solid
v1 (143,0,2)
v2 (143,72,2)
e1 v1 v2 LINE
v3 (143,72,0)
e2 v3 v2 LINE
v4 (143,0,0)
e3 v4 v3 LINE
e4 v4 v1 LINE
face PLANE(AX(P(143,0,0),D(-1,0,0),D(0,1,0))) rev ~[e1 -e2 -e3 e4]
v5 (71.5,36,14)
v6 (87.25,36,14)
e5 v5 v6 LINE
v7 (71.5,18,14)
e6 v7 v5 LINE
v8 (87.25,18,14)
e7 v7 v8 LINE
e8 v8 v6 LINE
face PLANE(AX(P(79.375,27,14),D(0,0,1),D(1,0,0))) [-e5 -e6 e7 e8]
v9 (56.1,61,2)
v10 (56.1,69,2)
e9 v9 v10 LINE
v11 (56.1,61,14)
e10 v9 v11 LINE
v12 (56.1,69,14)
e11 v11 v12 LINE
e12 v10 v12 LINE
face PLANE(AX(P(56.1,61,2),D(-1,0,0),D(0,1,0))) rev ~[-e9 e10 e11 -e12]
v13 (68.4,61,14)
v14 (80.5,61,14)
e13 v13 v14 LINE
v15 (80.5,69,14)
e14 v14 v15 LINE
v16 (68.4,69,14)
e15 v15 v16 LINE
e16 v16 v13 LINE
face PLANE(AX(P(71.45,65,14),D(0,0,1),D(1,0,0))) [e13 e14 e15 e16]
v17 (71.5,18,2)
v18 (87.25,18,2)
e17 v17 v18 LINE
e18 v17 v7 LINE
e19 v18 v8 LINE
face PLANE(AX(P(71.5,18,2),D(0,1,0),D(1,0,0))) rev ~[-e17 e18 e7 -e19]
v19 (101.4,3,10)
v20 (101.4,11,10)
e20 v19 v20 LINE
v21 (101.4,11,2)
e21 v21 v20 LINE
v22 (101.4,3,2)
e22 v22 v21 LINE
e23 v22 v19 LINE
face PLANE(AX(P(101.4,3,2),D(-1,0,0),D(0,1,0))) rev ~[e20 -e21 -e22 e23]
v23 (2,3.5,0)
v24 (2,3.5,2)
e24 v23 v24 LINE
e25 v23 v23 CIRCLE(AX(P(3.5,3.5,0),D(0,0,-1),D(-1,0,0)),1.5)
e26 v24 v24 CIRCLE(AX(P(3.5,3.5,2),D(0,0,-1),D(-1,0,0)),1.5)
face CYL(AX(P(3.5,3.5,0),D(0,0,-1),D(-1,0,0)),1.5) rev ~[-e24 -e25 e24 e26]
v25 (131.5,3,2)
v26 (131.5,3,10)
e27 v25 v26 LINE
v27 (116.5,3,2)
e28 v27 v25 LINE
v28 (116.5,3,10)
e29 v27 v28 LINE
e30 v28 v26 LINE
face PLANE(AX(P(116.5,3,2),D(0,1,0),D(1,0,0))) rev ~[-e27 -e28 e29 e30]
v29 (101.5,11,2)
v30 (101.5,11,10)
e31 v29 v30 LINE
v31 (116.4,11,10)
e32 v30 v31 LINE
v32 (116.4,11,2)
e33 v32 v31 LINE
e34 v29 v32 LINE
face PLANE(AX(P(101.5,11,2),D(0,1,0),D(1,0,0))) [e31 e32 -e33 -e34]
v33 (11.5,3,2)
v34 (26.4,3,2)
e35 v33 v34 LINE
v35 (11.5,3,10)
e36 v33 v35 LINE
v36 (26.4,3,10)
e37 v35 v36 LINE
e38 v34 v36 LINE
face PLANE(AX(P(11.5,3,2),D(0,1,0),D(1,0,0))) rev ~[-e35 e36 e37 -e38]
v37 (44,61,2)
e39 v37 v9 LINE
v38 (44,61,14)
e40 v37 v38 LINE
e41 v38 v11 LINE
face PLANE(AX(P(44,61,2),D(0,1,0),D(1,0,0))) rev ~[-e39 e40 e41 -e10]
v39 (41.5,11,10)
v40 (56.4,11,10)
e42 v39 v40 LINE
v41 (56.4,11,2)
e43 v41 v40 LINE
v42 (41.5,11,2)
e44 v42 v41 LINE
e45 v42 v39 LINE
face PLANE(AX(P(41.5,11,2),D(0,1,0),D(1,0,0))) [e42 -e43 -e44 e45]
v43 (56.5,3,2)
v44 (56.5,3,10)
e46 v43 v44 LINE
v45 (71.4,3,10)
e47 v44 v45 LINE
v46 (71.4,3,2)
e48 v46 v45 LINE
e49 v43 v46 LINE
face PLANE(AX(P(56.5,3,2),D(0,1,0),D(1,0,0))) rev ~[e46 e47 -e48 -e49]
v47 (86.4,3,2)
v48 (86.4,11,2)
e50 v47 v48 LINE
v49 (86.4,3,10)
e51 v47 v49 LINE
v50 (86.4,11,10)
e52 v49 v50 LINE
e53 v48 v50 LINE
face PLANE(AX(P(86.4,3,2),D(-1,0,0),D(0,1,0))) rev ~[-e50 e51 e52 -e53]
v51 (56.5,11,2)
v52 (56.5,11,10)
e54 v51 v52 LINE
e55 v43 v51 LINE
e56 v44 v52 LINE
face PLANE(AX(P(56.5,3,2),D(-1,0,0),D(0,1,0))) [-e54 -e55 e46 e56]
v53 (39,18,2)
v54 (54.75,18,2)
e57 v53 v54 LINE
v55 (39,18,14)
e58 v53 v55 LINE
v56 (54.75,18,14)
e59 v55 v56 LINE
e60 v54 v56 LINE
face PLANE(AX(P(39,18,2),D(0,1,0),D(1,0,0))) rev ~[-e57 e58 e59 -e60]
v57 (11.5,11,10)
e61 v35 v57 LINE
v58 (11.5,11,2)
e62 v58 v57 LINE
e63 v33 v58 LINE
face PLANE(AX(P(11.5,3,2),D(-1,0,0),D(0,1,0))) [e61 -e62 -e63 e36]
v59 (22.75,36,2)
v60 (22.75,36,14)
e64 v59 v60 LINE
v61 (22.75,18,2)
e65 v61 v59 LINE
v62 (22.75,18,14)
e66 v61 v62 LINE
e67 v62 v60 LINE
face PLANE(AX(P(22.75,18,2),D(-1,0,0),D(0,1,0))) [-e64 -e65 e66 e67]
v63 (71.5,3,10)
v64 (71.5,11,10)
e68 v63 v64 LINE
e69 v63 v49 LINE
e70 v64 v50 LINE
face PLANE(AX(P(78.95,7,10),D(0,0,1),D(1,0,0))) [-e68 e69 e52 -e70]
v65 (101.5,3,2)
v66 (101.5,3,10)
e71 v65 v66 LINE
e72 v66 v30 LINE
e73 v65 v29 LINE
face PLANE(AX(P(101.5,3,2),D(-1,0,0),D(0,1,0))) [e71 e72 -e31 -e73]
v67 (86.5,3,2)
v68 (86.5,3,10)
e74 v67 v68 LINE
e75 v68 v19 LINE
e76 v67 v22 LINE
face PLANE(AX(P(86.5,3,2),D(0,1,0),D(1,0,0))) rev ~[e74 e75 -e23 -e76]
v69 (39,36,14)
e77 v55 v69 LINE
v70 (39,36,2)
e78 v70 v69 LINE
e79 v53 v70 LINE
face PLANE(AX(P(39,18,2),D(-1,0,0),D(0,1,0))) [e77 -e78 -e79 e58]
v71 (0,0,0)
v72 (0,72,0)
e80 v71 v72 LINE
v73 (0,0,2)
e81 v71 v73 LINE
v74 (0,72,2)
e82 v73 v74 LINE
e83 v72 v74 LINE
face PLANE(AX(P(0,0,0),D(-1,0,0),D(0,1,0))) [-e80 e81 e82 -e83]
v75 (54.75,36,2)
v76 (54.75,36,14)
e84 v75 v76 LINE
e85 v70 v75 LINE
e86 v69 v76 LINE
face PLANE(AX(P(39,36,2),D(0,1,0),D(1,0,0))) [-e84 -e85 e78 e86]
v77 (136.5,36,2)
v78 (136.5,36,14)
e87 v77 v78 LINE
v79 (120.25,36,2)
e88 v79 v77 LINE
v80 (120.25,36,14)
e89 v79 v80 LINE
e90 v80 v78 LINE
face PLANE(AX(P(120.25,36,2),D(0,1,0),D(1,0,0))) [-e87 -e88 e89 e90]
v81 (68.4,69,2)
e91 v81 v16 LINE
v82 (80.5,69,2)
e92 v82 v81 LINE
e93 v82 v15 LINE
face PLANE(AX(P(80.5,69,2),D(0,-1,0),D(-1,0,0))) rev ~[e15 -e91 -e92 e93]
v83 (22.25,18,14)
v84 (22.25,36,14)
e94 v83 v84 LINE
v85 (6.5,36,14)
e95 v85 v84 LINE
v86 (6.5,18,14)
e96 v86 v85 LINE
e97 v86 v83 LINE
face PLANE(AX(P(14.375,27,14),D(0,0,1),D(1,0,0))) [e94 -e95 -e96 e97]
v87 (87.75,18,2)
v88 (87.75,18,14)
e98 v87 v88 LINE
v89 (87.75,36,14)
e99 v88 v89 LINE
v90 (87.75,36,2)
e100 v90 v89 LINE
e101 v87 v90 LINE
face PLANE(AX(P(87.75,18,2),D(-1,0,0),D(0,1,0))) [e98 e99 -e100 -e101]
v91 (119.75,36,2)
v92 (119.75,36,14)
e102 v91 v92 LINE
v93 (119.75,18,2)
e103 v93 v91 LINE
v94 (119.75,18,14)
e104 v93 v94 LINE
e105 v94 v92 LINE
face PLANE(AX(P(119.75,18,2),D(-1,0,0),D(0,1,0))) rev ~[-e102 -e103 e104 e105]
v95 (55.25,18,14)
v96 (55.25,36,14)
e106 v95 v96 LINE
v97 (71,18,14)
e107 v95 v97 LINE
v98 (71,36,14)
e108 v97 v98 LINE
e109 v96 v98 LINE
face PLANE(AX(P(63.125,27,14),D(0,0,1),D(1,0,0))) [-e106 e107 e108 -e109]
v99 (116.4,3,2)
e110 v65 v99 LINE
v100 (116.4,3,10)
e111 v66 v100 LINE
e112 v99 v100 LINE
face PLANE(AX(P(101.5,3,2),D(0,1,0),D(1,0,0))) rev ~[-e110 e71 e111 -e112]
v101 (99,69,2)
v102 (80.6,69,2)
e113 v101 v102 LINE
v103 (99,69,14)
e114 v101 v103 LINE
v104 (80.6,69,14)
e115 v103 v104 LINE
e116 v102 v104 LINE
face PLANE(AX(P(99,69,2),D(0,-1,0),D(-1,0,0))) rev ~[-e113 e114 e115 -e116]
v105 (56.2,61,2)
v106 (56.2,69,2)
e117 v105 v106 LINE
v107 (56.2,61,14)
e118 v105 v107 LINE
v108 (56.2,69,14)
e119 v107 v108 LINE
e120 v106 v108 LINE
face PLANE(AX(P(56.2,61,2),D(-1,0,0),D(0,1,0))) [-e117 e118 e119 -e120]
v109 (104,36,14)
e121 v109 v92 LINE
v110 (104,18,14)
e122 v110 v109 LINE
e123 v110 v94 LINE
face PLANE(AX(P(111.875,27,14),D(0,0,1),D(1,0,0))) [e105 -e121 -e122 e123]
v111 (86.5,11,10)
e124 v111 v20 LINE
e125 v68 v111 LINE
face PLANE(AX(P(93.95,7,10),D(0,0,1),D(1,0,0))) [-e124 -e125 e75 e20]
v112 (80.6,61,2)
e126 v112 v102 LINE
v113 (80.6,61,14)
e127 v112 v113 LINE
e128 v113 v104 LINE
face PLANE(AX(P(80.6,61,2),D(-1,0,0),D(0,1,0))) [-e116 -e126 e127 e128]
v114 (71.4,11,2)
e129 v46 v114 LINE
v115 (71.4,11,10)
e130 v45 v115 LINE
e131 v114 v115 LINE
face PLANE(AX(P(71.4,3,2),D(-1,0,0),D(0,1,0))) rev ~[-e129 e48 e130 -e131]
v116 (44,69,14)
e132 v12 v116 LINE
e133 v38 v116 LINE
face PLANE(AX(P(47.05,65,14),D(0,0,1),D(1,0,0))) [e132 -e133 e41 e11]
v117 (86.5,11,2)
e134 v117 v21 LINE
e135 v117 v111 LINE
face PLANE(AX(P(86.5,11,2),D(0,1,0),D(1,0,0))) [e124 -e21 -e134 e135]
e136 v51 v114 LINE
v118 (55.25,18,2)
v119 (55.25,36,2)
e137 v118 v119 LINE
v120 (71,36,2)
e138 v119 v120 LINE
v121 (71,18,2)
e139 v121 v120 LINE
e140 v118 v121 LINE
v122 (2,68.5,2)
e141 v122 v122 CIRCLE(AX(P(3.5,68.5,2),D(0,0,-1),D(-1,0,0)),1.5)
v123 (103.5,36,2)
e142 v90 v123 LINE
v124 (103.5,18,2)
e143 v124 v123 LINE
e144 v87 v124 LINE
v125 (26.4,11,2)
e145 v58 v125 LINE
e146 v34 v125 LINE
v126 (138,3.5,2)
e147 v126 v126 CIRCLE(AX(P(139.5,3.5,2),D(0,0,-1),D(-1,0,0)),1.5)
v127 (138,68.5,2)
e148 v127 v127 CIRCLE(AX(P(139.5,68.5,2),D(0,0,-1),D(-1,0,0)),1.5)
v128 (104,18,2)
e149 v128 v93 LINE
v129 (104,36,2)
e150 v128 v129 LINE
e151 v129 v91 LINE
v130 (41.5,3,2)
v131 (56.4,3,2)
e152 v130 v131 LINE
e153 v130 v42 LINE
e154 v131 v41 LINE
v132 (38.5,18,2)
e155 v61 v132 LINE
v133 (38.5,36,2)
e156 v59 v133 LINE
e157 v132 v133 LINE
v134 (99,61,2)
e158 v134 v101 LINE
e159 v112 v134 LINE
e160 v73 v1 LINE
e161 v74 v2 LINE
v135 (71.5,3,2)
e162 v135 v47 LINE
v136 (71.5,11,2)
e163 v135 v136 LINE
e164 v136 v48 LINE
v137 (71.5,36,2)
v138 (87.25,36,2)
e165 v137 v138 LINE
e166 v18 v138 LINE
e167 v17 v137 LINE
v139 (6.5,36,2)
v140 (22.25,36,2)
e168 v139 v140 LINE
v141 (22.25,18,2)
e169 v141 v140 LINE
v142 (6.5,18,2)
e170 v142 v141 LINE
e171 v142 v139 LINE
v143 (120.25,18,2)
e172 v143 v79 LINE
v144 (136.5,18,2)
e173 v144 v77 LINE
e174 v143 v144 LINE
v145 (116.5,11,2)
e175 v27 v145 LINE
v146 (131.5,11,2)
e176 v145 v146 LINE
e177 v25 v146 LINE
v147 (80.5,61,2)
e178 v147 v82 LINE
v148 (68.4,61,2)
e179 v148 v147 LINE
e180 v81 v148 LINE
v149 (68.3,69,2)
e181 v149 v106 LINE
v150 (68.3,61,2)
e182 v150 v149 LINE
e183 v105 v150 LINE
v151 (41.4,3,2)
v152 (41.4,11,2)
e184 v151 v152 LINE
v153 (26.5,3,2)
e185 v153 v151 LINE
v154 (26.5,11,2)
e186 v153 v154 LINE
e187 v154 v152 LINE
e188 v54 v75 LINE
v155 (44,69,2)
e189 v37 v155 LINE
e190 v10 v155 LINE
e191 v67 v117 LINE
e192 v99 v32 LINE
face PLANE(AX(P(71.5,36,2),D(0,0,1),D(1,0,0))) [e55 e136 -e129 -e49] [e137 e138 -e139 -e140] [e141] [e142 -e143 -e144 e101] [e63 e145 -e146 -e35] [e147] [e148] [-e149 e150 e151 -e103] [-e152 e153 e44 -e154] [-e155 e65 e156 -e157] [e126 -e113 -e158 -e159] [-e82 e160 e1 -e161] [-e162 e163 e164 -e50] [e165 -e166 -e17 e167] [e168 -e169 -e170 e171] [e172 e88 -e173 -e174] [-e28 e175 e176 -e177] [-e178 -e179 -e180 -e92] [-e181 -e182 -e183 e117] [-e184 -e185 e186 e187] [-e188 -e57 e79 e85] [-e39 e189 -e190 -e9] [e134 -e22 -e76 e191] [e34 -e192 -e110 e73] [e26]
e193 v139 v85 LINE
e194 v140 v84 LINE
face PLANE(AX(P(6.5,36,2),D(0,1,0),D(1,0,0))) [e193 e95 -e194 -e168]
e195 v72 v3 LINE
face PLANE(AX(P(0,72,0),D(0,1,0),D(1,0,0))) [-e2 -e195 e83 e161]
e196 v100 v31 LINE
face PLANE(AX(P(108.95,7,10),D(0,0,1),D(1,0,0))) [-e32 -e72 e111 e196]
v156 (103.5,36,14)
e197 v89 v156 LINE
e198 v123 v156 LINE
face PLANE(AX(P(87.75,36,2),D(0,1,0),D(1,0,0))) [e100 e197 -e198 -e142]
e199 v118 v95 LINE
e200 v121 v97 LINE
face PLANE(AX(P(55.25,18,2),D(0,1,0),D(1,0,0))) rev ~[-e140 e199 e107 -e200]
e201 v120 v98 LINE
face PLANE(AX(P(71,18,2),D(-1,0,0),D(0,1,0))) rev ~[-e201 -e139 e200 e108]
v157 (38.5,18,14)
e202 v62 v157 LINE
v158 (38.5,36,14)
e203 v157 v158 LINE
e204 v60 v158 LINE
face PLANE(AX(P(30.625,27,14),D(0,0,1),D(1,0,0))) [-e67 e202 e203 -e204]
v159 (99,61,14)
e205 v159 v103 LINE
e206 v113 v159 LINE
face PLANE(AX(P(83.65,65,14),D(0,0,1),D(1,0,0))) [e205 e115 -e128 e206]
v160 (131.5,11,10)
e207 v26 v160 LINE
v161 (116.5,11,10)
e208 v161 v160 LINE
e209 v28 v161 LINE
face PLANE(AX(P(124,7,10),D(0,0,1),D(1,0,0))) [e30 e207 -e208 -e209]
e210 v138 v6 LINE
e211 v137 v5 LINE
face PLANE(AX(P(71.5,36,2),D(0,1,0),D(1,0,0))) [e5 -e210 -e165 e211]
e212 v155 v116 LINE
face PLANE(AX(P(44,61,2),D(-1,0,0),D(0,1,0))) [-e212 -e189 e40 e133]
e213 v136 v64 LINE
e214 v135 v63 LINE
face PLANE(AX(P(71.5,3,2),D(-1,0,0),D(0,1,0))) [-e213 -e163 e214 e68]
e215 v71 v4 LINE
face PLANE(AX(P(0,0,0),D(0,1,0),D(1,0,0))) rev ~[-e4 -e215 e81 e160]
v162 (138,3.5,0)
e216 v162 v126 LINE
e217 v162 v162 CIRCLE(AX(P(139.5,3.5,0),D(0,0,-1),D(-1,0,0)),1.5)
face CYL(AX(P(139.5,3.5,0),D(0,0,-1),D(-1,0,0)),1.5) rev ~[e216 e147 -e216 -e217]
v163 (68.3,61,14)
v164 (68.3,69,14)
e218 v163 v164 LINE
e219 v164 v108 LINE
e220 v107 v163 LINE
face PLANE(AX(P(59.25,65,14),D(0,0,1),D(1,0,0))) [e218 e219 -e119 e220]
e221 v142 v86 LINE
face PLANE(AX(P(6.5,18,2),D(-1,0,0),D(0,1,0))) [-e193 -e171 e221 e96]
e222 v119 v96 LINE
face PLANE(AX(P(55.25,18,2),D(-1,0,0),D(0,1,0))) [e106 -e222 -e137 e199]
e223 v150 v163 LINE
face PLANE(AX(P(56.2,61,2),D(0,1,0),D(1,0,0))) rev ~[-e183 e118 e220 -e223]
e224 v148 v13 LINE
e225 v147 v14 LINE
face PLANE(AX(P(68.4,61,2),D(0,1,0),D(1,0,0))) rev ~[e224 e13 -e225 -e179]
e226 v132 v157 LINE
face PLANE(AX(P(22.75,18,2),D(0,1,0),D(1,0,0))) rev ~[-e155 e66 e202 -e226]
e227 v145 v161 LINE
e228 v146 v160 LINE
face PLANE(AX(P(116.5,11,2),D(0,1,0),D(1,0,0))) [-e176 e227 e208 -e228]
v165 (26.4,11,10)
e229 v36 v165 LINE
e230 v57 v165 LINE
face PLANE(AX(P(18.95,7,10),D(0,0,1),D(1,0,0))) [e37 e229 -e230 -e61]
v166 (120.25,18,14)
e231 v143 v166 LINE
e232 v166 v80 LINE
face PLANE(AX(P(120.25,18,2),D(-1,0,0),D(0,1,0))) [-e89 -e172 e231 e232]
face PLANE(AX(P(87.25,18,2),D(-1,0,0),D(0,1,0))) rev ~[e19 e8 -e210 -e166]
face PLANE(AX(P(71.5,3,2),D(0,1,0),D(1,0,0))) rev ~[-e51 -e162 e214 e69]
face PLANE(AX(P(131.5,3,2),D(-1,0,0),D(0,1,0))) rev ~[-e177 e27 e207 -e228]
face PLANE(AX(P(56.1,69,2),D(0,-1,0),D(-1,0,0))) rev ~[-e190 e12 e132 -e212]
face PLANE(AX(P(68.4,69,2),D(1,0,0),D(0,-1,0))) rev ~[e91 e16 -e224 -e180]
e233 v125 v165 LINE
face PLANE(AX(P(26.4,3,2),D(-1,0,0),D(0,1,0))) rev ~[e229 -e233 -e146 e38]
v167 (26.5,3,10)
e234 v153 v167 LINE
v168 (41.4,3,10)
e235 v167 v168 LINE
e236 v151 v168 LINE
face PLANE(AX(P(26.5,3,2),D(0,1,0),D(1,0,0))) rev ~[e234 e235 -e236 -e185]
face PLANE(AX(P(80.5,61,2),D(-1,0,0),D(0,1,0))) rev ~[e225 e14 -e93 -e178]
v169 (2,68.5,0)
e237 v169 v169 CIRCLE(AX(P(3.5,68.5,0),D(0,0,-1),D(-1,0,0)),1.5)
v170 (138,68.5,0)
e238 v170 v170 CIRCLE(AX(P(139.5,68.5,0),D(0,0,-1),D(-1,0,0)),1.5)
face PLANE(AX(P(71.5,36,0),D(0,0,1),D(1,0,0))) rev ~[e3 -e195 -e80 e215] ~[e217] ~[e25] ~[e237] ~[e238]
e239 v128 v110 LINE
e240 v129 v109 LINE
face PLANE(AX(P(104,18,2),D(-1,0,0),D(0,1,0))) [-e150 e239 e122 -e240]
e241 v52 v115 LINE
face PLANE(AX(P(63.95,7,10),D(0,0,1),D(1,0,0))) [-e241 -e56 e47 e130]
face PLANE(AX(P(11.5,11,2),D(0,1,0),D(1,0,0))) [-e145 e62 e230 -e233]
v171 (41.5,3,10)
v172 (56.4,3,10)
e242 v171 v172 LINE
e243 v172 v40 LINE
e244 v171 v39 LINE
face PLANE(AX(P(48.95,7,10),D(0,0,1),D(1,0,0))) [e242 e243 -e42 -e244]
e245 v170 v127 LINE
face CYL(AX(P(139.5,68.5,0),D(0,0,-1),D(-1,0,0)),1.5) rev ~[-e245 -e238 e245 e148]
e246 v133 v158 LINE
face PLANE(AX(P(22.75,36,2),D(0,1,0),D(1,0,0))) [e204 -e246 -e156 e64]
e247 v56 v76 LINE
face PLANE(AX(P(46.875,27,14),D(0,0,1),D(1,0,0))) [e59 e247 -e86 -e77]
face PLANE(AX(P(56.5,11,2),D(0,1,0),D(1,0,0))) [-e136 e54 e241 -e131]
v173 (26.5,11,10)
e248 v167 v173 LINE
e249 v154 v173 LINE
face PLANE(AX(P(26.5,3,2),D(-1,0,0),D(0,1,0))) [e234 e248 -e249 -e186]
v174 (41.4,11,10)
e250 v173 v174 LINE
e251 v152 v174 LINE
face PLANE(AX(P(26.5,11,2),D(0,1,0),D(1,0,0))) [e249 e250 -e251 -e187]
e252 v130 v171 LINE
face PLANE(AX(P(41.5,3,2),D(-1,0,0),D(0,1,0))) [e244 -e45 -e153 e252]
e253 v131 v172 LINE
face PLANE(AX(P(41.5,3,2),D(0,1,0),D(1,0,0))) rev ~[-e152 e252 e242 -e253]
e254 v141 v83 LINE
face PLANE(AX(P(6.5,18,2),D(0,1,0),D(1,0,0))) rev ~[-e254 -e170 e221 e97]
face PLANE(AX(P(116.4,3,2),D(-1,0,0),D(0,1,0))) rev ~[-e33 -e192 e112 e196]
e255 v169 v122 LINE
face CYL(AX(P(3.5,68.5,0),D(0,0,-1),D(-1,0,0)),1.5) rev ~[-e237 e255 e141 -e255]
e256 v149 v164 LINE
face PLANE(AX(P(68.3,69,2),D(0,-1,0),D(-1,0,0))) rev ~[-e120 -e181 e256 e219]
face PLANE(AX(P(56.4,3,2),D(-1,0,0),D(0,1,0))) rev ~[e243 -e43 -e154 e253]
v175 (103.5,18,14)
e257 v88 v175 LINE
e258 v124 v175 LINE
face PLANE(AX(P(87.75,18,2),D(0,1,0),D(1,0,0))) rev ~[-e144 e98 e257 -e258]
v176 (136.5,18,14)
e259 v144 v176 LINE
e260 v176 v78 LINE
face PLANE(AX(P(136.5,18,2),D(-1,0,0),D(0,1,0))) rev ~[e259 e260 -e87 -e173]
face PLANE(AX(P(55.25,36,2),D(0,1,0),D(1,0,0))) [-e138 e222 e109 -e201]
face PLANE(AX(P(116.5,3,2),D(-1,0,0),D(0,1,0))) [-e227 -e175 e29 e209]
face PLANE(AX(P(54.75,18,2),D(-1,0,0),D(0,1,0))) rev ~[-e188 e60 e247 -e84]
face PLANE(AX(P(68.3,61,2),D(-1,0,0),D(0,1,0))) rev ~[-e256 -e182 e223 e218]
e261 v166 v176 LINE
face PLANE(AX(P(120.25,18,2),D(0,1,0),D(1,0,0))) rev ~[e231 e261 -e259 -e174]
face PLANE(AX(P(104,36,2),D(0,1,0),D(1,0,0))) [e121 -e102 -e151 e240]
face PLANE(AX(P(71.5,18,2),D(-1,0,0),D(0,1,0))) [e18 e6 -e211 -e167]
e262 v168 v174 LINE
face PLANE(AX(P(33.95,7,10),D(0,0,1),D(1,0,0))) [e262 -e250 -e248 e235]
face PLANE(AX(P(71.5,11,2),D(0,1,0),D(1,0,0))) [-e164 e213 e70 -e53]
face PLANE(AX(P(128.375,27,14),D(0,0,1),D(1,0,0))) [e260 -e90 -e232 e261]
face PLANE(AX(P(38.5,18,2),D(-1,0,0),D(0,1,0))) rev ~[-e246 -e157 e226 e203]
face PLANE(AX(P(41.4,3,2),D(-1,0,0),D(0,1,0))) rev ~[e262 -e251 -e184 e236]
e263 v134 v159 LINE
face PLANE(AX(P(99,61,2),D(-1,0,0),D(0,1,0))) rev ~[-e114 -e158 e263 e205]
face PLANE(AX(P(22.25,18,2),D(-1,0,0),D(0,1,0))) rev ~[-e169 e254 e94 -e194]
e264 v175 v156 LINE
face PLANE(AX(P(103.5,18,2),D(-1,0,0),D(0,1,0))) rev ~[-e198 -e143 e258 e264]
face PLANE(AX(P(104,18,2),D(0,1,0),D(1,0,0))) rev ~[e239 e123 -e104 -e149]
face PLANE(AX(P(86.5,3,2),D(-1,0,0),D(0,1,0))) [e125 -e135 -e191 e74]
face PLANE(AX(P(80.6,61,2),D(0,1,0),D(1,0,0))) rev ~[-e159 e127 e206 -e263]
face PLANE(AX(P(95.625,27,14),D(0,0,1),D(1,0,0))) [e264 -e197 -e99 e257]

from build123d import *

# Parameters (mm, degrees)
SKETCH_1_W          = 143
SKETCH_1_H          = 72
EXTRUDE_1_DEPTH     = 2
SKETCH_2_R          = 1.5
CUT_EXTRUDE_1_DEPTH = 2
SKETCH_3_W          = 14.9
SKETCH_3_H          = 8
SKETCH_3_W_2        = 15
EXTRUDE_2_DEPTH     = 8
SKETCH_3_3_W        = 15.75
SKETCH_3_3_H        = 18
SKETCH_3_3_W_2      = 16.25
EXTRUDE_3_DEPTH     = 12
SKETCH_3_4_W        = 6.1
SKETCH_3_4_H        = 8
SKETCH_3_4_W_2      = 6
SKETCH_3_4_W_3      = 6.2
EXTRUDE_4_DEPTH     = 12


with BuildPart() as part:
    # 草图1 → 凸台-拉伸1 (new body)
    with BuildSketch(Plane.XY):
        with Locations((71.5, 36)):
            Rectangle(SKETCH_1_W, SKETCH_1_H)
    extrude(amount=EXTRUDE_1_DEPTH)

    # 草图2 → 切除-拉伸1 (cut)
    with BuildSketch(Plane(origin=(0, 0, 0), x_dir=(-1, 0, 0), z_dir=(0, 0, -1))):
        with Locations((-139.5, 68.5)):
            Circle(SKETCH_2_R)
        with Locations((-139.5, 3.5)):
            Circle(SKETCH_2_R)
        with Locations((-3.5, 68.5)):
            Circle(SKETCH_2_R)
        with Locations((-3.5, 3.5)):
            Circle(SKETCH_2_R)
    extrude(amount=-CUT_EXTRUDE_1_DEPTH, mode=Mode.SUBTRACT)

    # 草图3 → 凸台-拉伸2 (add)
    with BuildSketch(Plane.XY.offset(2)):
        with Locations((78.95, 7)):
            Rectangle(SKETCH_3_W, SKETCH_3_H)
        with Locations((63.95, 7)):
            Rectangle(SKETCH_3_W, SKETCH_3_H)
        with Locations((93.95, 7)):
            Rectangle(SKETCH_3_W, SKETCH_3_H)
        with Locations((48.95, 7)):
            Rectangle(SKETCH_3_W, SKETCH_3_H)
        with Locations((108.95, 7)):
            Rectangle(SKETCH_3_W, SKETCH_3_H)
        with Locations((33.95, 7)):
            Rectangle(SKETCH_3_W, SKETCH_3_H)
        with Locations((124, 7)):
            Rectangle(SKETCH_3_W_2, SKETCH_3_H)
        with Locations((18.95, 7)):
            Rectangle(SKETCH_3_W, SKETCH_3_H)
    extrude(amount=EXTRUDE_2_DEPTH)

    # 草图3<3> → 凸台-拉伸3 (add)
    with BuildSketch(Plane.XY.offset(2)):
        with Locations((79.375, 27)):
            Rectangle(SKETCH_3_3_W, SKETCH_3_3_H)
        with Locations((63.125, 27)):
            Rectangle(SKETCH_3_3_W, SKETCH_3_3_H)
        with Locations((95.625, 27)):
            Rectangle(SKETCH_3_3_W, SKETCH_3_3_H)
        with Locations((46.875, 27)):
            Rectangle(SKETCH_3_3_W, SKETCH_3_3_H)
        with Locations((111.875, 27)):
            Rectangle(SKETCH_3_3_W, SKETCH_3_3_H)
        with Locations((30.625, 27)):
            Rectangle(SKETCH_3_3_W, SKETCH_3_3_H)
        with Locations((128.375, 27)):
            Rectangle(SKETCH_3_3_W_2, SKETCH_3_3_H)
        with Locations((14.375, 27)):
            Rectangle(SKETCH_3_3_W, SKETCH_3_3_H)
    extrude(amount=EXTRUDE_3_DEPTH)

    # 草图3<4> → 凸台-拉伸4 (add)
    with BuildSketch(Plane.XY.offset(2)):
        with Locations((47.05, 65)):
            Rectangle(SKETCH_3_4_W, SKETCH_3_4_H)
        with Locations((53.1, 65)):
            Rectangle(SKETCH_3_4_W_2, SKETCH_3_4_H)
        with Locations((59.25, 65)):
            Rectangle(SKETCH_3_4_W, SKETCH_3_4_H)
        with Locations((65.3, 65)):
            Rectangle(SKETCH_3_4_W_2, SKETCH_3_4_H)
        Polygon((68.4, 69), (68.4, 61), (74.5, 61), (74.5, 69), (71.5, 69), align=None)
        with Locations((77.5, 65)):
            Rectangle(SKETCH_3_4_W_2, SKETCH_3_4_H)
        with Locations((83.65, 65)):
            Rectangle(SKETCH_3_4_W, SKETCH_3_4_H)
        with Locations((89.75, 65)):
            Rectangle(SKETCH_3_4_W, SKETCH_3_4_H)
        with Locations((95.9, 65)):
            Rectangle(SKETCH_3_4_W_3, SKETCH_3_4_H)
    extrude(amount=EXTRUDE_4_DEPTH)


solid = part.part
